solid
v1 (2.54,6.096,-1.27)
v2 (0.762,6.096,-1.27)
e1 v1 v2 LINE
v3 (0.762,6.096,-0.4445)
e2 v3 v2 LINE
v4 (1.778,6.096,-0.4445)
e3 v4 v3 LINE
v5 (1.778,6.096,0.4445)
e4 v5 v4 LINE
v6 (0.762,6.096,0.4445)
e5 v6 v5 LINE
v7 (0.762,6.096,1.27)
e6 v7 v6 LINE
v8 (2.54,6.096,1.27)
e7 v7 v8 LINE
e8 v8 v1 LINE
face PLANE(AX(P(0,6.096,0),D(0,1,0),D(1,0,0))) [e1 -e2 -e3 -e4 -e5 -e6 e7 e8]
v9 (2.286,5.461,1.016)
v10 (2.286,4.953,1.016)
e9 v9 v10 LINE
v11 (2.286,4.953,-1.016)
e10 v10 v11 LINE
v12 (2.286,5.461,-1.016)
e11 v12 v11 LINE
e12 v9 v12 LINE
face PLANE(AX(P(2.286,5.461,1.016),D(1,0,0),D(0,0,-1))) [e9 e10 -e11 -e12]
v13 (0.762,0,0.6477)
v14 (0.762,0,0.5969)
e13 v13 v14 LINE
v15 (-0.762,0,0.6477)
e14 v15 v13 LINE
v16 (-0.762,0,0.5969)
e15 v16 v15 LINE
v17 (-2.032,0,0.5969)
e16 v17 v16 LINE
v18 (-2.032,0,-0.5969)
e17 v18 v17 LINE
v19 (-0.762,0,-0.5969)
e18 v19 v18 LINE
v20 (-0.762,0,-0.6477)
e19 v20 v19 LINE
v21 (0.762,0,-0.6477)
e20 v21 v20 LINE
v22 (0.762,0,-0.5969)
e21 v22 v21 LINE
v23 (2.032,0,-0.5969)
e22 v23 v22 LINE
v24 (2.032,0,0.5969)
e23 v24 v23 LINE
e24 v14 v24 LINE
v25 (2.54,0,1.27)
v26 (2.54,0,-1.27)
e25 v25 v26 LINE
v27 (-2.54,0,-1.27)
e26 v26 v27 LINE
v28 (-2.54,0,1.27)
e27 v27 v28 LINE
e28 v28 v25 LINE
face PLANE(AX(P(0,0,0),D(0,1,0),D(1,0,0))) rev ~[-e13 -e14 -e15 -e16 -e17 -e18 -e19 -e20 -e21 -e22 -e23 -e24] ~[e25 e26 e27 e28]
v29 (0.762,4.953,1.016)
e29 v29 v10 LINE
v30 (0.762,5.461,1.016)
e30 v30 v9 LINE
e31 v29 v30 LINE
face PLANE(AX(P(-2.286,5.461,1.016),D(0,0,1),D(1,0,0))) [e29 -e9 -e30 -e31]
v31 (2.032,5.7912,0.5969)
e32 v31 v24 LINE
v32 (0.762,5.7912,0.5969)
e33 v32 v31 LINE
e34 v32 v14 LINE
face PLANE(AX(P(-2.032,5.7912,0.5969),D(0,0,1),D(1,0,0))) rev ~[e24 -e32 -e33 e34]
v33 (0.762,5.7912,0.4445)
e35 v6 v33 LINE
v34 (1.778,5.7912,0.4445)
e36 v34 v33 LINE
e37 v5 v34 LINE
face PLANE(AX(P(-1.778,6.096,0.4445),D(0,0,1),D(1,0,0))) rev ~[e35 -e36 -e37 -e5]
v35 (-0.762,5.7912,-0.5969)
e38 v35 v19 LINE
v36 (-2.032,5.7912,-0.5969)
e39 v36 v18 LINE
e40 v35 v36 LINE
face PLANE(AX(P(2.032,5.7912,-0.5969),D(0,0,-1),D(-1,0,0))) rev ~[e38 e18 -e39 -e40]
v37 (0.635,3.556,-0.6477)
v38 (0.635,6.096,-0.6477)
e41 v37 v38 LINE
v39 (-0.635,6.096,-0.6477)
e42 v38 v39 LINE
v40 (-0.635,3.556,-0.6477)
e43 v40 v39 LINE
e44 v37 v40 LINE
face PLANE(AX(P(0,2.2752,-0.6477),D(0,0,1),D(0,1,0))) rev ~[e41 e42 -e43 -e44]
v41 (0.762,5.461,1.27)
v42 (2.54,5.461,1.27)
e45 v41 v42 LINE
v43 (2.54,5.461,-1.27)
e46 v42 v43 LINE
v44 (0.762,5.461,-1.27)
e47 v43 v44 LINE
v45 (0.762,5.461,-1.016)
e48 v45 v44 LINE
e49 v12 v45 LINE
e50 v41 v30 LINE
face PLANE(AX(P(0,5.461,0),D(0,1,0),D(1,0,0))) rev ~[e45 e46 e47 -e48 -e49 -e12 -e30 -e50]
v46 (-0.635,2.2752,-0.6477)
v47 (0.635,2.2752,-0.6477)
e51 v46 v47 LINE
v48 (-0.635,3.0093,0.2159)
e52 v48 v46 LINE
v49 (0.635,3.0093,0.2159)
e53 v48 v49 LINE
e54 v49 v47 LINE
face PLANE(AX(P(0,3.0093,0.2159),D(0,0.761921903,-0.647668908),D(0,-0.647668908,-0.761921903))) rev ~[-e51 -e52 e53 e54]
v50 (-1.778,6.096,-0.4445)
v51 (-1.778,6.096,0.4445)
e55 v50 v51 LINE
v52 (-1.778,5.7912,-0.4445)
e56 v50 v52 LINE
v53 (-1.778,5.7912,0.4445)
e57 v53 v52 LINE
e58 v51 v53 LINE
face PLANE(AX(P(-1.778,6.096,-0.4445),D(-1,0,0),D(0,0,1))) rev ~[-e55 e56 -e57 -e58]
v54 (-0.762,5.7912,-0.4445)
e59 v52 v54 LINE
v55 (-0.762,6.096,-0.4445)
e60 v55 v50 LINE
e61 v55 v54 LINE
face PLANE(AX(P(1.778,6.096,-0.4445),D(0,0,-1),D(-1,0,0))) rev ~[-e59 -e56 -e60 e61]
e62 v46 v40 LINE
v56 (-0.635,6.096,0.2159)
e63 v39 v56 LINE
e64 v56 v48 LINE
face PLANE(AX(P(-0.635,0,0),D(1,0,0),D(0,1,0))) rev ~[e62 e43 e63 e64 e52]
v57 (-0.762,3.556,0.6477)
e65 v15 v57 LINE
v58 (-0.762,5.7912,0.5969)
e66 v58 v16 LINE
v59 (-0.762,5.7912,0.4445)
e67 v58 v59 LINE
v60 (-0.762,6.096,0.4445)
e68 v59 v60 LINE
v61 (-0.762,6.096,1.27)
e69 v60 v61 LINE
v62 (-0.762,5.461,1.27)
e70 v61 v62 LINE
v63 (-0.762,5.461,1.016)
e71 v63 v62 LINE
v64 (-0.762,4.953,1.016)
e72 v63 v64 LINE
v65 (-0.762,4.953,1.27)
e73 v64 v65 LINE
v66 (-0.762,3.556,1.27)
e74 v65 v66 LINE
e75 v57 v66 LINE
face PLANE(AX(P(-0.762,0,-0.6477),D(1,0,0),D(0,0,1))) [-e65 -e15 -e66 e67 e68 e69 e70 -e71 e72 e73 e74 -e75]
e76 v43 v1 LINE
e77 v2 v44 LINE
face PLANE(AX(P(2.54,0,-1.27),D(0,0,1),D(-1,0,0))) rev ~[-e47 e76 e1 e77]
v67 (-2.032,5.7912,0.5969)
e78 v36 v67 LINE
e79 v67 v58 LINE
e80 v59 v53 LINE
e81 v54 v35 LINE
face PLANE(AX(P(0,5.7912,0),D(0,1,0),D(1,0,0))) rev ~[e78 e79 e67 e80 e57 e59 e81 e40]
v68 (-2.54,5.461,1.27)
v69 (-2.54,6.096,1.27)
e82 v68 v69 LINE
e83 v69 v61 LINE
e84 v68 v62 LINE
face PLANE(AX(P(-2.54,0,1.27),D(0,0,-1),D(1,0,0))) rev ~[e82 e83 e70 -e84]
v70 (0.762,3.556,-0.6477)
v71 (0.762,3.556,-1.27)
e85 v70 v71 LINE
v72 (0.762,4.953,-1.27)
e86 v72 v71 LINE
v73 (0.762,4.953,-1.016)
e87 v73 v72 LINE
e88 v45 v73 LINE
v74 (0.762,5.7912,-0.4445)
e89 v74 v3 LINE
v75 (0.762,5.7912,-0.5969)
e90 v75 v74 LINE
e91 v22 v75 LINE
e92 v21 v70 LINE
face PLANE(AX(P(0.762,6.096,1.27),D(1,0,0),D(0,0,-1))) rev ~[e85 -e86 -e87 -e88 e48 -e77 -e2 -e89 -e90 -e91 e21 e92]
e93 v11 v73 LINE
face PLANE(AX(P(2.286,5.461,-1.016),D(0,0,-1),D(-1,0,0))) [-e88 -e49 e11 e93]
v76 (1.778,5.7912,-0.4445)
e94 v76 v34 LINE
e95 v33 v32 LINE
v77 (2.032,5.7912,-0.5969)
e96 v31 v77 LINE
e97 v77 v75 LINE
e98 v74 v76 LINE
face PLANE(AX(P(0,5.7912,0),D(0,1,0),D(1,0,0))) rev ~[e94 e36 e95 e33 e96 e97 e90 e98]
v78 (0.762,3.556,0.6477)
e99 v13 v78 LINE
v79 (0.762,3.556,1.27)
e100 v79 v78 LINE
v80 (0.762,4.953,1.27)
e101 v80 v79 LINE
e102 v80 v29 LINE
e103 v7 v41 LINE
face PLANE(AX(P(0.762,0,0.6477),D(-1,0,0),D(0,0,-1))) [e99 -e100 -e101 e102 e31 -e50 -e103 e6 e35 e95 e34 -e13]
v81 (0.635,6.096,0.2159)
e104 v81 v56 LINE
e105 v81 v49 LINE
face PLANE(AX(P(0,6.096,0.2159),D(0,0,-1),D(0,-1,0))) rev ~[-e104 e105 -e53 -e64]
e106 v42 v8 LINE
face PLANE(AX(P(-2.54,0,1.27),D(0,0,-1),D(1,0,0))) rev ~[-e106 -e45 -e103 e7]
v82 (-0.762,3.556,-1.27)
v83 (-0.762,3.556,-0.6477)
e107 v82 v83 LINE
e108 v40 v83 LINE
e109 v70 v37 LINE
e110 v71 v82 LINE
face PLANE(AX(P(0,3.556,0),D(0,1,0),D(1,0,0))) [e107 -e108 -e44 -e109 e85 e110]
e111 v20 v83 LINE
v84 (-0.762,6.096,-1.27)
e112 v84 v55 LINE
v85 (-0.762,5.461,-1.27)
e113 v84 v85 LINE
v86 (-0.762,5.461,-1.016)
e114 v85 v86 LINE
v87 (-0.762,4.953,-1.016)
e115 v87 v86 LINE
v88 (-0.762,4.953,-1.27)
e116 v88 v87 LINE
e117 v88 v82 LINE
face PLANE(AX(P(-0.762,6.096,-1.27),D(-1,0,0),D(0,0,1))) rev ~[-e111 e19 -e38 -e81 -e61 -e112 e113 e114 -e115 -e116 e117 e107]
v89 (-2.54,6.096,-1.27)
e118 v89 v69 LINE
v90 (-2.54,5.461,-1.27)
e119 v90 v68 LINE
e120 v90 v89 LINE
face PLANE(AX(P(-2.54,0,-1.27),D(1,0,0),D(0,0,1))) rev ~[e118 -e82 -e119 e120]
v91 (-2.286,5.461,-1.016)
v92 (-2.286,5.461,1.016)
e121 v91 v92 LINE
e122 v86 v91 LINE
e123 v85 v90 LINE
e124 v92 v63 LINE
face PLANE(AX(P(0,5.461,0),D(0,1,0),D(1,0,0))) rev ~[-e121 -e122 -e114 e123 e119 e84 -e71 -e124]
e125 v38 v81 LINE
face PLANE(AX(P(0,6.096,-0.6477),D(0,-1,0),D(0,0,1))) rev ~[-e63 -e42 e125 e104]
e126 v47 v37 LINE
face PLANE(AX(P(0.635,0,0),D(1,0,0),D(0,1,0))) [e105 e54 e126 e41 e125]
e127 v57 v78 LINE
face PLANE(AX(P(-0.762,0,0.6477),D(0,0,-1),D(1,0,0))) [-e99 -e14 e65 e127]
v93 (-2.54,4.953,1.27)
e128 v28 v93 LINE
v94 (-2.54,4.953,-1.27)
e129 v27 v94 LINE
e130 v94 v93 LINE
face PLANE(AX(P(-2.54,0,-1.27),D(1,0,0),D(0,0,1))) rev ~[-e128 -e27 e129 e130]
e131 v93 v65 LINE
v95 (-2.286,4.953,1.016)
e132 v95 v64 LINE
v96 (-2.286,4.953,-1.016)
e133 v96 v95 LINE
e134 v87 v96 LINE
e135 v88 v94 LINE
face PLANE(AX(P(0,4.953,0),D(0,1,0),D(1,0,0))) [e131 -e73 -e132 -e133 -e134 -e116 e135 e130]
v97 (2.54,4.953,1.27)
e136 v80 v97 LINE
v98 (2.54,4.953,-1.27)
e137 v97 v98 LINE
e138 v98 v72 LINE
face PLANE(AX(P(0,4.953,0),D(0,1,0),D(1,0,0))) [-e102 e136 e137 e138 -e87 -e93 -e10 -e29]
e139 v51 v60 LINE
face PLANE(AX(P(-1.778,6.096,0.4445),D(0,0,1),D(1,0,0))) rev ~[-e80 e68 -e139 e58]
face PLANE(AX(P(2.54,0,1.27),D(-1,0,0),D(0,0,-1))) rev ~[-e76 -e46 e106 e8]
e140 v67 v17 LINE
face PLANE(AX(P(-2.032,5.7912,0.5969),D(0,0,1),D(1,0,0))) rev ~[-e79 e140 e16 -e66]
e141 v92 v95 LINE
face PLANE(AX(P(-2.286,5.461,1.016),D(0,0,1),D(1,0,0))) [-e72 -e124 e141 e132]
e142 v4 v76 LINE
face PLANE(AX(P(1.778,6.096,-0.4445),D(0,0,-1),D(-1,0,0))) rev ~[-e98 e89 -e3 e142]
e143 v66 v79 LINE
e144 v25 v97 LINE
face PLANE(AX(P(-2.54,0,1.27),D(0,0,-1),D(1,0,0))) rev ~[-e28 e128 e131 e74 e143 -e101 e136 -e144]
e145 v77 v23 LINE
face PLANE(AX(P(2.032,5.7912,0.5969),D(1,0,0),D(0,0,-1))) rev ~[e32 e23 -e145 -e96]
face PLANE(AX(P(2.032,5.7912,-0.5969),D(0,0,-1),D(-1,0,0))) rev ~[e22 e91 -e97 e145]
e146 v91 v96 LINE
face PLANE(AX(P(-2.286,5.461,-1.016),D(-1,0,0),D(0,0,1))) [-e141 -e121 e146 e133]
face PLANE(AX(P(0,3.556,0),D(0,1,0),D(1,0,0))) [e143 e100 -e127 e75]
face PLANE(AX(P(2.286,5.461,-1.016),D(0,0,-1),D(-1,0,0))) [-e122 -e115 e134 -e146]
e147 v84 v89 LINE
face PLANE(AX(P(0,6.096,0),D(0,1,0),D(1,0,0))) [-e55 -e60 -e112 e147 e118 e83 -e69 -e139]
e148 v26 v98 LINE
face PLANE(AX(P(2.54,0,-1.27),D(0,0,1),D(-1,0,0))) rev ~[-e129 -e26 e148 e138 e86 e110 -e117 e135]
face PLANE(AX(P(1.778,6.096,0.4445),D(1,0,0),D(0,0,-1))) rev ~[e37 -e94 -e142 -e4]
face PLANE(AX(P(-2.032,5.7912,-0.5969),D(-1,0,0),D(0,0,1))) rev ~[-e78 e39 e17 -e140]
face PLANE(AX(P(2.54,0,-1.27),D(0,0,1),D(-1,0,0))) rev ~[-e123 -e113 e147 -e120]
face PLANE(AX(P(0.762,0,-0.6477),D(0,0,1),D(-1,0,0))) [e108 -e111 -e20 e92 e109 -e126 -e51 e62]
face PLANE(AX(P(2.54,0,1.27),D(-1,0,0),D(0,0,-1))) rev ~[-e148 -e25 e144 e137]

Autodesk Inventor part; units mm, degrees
sketch "Sketch_1" plane through (0, 0, 0) normal (0, 1, 0) x (1, 0, 0)
  line L0 (-2.54, 1.27) -> (-2.54, -1.27)
  line L1 (-2.54, -1.27) -> (2.54, -1.27)
  line L2 (2.54, -1.27) -> (2.54, 1.27)
  line L3 (2.54, 1.27) -> (-2.54, 1.27)
extrude "Extrusion1" add sketch "Sketch_1" along normal blind 6.096
sketch "Sketch_2" plane through (0, 5.461, 0) normal (0, 1, 0) x (1, 0, 0)
  line L0 (-2.794, 2.54) -> (-2.794, -2.54)
  line L1 (-2.794, -2.54) -> (2.794, -2.54)
  line L2 (2.794, -2.54) -> (2.794, 2.54)
  line L3 (2.794, 2.54) -> (-2.794, 2.54)
  line L4 (-2.286, 1.016) -> (-2.286, -1.016)
  line L5 (-2.286, -1.016) -> (2.286, -1.016)
  line L6 (2.286, -1.016) -> (2.286, 1.016)
  line L7 (2.286, 1.016) -> (-2.286, 1.016)
extrude "Extrusion2" cut sketch "Sketch_2" against normal blind 0.508
sketch "Sketch_3" plane through (0, 6.096, 0) normal (0, 1, 0) x (1, 0, 0)
  line L0 (-0.762, 1.27) -> (-0.762, -1.27)
  line L1 (-0.762, -1.27) -> (0.762, -1.27)
  line L2 (0.762, -1.27) -> (0.762, 1.27)
  line L3 (0.762, 1.27) -> (-0.762, 1.27)
extrude "Extrusion3" cut sketch "Sketch_3" against normal blind 2.54
sketch "Sketch_4" plane through (0, 6.096, 0) normal (0, 1, 0) x (1, 0, 0)
  line L0 (-1.778, 0.4445) -> (-1.778, -0.4445)
  line L1 (-1.778, -0.4445) -> (1.778, -0.4445)
  line L2 (1.778, -0.4445) -> (1.778, 0.4445)
  line L3 (1.778, 0.4445) -> (-1.778, 0.4445)
extrude "Extrusion4" cut sketch "Sketch_4" against normal blind 6.096
sketch "Sketch_5" plane through (0, 5.7912, 0) normal (0, 1, 0) x (1, 0, 0)
  line L0 (-2.032, 0.5969) -> (-2.032, -0.5969)
  line L1 (-2.032, -0.5969) -> (2.032, -0.5969)
  line L2 (2.032, -0.5969) -> (2.032, 0.5969)
  line L3 (2.032, 0.5969) -> (-2.032, 0.5969)
extrude "Extrusion5" cut sketch "Sketch_5" against normal blind 6.096
sketch "Sketch_8" plane through (0, 0, 0) normal (0, 1, 0) x (-1, 0, 0)
  line L0 (0.762, -0.6477) -> (0.762, 0.6477)
  line L1 (0.762, 0.6477) -> (-0.762, 0.6477)
  line L2 (-0.762, 0.6477) -> (-0.762, -0.6477)
  line L3 (-0.762, -0.6477) -> (0.762, -0.6477)
extrude "Extrusion6" cut sketch "Sketch_8" along normal blind 3.556
sketch "Sketch_6" plane through (0, 0, 0) normal (1, 0, 0) x (0, 1, 0)
  line L0 (3.0093, 0.2159) -> (2.2752, -0.6477)
  line L1 (2.2752, -0.6477) -> (6.096, -0.6477)
  line L2 (6.096, -0.6477) -> (6.096, 0.2159)
  line L3 (6.096, 0.2159) -> (3.0093, 0.2159)
extrude "Extrusion7" add sketch "Sketch_6" along normal mid plane 1.27
ref_plane "body_to_dummy_XY" through (0, 0, 0) normal (0, -1, 0) x (1, 0, 0)
ref_plane "body_to_dummy_YZ" through (0, 0, 0) normal (1, 0, 0) x (0, 0, 1)
ref_plane "body_to_dummy_ZX" through (0, 0, 0) normal (0, 0, 1) x (0, -1, 0)
properties part number "SNT-100-BK_body"
